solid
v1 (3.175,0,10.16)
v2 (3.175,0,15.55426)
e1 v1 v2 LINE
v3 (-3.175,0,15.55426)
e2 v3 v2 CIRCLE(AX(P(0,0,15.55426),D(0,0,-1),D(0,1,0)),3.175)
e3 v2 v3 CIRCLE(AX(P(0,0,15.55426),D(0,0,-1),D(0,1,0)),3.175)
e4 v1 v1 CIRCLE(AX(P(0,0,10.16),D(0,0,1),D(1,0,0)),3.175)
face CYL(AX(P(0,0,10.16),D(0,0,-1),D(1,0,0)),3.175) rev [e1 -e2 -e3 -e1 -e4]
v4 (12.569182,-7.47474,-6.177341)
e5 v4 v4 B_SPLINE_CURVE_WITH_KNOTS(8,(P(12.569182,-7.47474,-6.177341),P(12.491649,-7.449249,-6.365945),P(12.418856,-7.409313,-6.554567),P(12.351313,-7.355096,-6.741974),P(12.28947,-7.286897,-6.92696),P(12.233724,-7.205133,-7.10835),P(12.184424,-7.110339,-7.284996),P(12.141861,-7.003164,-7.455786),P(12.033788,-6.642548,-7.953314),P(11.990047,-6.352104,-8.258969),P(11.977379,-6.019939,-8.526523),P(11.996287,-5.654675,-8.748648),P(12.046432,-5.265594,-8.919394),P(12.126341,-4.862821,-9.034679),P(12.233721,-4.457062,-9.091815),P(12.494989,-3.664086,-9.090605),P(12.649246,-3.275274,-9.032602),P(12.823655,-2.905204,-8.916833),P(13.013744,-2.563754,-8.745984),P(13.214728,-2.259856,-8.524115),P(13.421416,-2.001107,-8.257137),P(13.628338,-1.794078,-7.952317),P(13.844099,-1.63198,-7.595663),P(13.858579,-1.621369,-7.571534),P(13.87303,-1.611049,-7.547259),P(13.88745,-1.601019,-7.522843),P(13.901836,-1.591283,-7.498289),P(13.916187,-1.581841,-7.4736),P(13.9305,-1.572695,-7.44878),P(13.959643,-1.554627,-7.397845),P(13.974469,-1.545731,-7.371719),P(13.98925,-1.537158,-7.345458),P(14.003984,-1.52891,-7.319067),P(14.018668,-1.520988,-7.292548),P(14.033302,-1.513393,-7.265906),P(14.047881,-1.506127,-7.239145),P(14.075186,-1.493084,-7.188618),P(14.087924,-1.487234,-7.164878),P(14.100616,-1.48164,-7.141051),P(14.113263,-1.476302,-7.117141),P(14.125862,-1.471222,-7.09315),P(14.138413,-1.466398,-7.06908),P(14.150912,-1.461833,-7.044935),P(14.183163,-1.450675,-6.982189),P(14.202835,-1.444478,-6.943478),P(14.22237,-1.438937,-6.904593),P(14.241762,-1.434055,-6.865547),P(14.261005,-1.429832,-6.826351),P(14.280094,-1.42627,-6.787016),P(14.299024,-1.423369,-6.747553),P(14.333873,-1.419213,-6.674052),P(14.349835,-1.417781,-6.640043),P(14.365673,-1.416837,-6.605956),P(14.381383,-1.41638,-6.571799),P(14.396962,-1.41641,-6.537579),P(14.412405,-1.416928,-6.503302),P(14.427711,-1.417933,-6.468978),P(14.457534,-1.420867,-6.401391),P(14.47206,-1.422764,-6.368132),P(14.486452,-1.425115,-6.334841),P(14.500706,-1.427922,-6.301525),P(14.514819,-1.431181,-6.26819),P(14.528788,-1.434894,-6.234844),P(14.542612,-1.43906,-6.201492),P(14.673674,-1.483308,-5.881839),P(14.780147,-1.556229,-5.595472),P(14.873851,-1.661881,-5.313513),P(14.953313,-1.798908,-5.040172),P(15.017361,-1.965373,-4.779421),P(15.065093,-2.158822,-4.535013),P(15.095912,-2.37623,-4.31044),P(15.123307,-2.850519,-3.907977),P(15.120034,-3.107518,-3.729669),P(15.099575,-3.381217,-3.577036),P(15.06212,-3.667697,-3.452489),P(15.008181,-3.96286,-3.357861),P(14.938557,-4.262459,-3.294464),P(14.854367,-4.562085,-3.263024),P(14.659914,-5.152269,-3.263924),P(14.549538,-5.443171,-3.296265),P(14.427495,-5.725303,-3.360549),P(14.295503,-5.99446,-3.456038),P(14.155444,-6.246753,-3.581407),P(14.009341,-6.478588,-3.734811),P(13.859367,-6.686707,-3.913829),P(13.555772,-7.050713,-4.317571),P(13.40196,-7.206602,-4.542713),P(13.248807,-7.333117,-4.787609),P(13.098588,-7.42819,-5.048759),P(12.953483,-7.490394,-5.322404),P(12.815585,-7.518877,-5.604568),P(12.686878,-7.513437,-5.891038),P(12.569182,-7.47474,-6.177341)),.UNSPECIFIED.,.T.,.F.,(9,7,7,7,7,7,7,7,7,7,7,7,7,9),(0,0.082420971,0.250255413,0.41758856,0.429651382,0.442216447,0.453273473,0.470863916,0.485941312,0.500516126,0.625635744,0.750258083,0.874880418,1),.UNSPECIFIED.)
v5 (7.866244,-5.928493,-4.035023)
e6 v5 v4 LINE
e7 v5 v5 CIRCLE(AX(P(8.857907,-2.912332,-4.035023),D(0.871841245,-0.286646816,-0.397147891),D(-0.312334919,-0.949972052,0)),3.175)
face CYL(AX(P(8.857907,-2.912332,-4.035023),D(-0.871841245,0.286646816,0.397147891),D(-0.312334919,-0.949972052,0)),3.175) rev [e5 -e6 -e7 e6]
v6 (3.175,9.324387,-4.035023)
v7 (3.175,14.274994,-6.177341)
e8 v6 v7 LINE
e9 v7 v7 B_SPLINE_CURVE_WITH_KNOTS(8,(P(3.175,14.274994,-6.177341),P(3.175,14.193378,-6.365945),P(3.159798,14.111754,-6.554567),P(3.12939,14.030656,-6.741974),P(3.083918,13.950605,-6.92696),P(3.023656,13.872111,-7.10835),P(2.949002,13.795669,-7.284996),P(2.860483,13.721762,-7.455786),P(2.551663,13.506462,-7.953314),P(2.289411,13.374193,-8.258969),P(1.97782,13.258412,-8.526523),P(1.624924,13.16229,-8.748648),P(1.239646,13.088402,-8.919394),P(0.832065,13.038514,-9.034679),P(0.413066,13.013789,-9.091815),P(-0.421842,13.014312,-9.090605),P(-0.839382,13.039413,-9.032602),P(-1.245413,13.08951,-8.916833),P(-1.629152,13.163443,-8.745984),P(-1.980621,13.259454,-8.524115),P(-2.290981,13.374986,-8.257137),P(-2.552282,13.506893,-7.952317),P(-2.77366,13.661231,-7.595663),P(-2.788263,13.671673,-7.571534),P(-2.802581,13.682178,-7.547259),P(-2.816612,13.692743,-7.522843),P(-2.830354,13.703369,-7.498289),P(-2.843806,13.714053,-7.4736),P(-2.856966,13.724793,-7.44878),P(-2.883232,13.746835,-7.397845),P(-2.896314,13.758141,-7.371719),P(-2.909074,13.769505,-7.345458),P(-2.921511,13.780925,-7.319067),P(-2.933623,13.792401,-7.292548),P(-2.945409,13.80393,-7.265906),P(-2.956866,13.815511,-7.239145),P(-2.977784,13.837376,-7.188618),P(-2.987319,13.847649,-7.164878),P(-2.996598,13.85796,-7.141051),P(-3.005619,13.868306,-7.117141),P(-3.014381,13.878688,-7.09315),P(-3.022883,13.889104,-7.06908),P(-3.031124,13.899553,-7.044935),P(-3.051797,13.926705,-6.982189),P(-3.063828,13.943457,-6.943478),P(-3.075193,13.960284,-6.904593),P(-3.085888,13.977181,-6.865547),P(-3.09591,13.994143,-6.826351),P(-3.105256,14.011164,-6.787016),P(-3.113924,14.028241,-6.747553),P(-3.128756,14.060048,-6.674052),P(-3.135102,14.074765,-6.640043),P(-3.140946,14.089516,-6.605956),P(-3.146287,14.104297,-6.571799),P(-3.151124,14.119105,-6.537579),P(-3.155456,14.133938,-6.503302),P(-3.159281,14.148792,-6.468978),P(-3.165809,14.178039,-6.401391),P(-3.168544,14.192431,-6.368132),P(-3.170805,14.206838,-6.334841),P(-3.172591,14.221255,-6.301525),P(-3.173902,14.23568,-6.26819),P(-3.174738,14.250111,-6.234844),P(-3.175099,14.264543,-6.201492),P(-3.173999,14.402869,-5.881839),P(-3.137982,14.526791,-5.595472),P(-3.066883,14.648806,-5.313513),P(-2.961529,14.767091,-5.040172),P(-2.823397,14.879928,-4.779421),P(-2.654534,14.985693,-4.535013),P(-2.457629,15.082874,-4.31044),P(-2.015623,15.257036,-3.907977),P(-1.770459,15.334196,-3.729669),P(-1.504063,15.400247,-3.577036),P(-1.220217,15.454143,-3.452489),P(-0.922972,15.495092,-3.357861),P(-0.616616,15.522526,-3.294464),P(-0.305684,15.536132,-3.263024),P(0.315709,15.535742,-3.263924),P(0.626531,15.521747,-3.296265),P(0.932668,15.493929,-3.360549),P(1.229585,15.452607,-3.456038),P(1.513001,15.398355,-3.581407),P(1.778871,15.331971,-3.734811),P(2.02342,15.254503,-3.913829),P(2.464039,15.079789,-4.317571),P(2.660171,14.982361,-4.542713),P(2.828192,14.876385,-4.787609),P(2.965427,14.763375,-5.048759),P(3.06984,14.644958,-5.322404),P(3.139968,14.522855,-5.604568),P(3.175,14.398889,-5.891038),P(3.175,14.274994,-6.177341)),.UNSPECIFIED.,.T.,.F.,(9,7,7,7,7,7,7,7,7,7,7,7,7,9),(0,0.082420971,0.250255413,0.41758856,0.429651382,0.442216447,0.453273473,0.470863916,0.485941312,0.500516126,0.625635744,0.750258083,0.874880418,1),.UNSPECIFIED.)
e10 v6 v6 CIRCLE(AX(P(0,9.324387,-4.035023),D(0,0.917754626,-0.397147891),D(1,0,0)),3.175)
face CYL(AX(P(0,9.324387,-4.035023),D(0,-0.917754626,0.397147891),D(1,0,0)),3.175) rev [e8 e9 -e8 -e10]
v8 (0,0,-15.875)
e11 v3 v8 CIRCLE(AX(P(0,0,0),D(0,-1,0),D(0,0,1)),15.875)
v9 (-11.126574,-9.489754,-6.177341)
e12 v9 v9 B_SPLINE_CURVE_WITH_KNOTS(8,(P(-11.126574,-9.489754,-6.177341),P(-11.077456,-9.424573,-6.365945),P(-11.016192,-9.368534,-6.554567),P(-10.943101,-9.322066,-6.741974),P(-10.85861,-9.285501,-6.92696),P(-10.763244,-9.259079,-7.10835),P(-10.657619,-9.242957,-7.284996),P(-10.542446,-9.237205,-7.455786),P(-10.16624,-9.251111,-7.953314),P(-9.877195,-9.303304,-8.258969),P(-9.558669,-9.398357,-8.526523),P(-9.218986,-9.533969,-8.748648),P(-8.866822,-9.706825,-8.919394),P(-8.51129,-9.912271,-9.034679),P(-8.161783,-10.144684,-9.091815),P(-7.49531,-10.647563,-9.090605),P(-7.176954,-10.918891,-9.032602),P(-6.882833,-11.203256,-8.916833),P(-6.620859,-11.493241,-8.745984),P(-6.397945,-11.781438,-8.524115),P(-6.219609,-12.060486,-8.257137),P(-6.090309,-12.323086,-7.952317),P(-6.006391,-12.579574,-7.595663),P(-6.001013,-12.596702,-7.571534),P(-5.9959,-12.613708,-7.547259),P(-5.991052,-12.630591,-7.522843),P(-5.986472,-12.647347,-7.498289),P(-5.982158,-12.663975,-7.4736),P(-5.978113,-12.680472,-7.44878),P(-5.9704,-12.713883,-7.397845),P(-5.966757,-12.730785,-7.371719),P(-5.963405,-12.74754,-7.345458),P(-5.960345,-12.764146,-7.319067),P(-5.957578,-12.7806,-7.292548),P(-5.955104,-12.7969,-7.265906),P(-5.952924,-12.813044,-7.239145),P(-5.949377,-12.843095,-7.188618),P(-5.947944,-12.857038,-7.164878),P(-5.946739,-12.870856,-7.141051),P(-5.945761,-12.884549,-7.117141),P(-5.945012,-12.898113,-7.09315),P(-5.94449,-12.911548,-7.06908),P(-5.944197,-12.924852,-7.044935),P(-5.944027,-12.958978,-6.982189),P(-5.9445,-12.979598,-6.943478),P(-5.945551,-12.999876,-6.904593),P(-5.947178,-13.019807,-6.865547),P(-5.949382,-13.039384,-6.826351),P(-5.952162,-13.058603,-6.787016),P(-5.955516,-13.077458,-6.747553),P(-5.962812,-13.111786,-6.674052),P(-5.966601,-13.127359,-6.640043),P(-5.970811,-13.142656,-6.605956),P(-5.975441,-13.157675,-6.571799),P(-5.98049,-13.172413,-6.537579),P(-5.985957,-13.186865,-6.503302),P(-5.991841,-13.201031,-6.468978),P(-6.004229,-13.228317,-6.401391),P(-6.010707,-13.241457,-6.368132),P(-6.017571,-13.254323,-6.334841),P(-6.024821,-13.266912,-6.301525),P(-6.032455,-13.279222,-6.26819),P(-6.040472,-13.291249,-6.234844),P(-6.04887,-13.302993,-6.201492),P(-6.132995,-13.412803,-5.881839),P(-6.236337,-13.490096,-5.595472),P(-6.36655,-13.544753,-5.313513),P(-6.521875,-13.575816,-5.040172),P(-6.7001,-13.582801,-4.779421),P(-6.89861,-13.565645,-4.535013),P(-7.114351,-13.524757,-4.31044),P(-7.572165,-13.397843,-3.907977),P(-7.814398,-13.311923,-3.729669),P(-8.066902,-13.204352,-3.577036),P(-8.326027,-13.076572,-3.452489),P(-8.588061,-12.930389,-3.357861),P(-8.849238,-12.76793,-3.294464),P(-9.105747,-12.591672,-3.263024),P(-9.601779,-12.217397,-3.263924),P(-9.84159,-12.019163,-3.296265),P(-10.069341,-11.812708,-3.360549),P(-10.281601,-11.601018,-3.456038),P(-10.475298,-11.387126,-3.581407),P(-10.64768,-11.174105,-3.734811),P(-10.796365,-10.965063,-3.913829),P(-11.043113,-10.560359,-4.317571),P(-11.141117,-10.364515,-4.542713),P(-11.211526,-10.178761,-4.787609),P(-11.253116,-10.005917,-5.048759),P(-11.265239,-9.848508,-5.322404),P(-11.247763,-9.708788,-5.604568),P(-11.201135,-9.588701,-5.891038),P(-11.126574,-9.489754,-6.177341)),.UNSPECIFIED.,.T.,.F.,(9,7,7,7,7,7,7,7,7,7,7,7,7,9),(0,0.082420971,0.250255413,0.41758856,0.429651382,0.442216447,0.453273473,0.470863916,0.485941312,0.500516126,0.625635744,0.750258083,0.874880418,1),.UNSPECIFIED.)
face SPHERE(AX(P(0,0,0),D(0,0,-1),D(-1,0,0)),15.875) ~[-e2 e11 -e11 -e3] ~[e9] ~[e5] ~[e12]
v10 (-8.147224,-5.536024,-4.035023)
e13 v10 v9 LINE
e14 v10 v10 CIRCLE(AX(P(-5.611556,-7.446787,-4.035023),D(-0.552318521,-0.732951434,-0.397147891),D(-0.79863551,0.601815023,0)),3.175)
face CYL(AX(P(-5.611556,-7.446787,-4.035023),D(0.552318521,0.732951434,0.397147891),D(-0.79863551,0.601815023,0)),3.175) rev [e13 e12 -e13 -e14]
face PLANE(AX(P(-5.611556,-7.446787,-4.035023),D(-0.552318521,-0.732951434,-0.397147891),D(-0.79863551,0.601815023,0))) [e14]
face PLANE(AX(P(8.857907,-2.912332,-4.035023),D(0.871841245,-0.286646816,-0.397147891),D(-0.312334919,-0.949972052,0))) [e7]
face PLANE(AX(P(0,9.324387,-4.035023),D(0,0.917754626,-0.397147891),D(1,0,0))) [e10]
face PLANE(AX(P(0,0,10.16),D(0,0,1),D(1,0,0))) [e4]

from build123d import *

# Parameters (mm, degrees)
F4_R     = 3.175
F5_DEPTH = 50.8
F7_ANGLE = 113.4
F8_ANGLE = 108.2
F9_ANGLE = 108.8


with BuildPart() as f2:
    # F0 (on Front) → F2 (revolve)
    with BuildSketch(Plane.XZ):
        with BuildLine():
            Line((0, -15.875), (0, 15.875))
            ThreePointArc((0, 15.875), (-15.875, 0), (0, -15.875))
        make_face()
    revolve(axis=Axis((0, 0, 0), (0, 0, 1)))


with BuildPart() as f5:
    # F4 (on offset) → F5 (new body)
    with BuildSketch(Plane.XY.offset(10.16)):
        Circle(F4_R)
    extrude(amount=F5_DEPTH)


with BuildPart() as f7_1:
    # F7: copy of F5
    add(f5.part.rotate(Axis((-36.3165959716, 0, 0), (-1, 0, 0)), F7_ANGLE))


with BuildPart() as f8_1:
    # F8: copy of F7_1
    add(f7_1.part.rotate(Axis((0, 0, -29.0343631059), (0, 0, -1)), F8_ANGLE))


with BuildPart() as f9_1:
    # F9: copy of F8_1
    add(f8_1.part.rotate(Axis((0, 0, -29.0343631059), (0, 0, -1)), F9_ANGLE))


with BuildPart() as f2_1:
    add(f2.part)

    # F10: cut F5, F7_1, F9_1, F8_1
    add(f5.part, mode=Mode.SUBTRACT)
    add(f7_1.part, mode=Mode.SUBTRACT)
    add(f9_1.part, mode=Mode.SUBTRACT)
    add(f8_1.part, mode=Mode.SUBTRACT)


solid = f2_1.part
